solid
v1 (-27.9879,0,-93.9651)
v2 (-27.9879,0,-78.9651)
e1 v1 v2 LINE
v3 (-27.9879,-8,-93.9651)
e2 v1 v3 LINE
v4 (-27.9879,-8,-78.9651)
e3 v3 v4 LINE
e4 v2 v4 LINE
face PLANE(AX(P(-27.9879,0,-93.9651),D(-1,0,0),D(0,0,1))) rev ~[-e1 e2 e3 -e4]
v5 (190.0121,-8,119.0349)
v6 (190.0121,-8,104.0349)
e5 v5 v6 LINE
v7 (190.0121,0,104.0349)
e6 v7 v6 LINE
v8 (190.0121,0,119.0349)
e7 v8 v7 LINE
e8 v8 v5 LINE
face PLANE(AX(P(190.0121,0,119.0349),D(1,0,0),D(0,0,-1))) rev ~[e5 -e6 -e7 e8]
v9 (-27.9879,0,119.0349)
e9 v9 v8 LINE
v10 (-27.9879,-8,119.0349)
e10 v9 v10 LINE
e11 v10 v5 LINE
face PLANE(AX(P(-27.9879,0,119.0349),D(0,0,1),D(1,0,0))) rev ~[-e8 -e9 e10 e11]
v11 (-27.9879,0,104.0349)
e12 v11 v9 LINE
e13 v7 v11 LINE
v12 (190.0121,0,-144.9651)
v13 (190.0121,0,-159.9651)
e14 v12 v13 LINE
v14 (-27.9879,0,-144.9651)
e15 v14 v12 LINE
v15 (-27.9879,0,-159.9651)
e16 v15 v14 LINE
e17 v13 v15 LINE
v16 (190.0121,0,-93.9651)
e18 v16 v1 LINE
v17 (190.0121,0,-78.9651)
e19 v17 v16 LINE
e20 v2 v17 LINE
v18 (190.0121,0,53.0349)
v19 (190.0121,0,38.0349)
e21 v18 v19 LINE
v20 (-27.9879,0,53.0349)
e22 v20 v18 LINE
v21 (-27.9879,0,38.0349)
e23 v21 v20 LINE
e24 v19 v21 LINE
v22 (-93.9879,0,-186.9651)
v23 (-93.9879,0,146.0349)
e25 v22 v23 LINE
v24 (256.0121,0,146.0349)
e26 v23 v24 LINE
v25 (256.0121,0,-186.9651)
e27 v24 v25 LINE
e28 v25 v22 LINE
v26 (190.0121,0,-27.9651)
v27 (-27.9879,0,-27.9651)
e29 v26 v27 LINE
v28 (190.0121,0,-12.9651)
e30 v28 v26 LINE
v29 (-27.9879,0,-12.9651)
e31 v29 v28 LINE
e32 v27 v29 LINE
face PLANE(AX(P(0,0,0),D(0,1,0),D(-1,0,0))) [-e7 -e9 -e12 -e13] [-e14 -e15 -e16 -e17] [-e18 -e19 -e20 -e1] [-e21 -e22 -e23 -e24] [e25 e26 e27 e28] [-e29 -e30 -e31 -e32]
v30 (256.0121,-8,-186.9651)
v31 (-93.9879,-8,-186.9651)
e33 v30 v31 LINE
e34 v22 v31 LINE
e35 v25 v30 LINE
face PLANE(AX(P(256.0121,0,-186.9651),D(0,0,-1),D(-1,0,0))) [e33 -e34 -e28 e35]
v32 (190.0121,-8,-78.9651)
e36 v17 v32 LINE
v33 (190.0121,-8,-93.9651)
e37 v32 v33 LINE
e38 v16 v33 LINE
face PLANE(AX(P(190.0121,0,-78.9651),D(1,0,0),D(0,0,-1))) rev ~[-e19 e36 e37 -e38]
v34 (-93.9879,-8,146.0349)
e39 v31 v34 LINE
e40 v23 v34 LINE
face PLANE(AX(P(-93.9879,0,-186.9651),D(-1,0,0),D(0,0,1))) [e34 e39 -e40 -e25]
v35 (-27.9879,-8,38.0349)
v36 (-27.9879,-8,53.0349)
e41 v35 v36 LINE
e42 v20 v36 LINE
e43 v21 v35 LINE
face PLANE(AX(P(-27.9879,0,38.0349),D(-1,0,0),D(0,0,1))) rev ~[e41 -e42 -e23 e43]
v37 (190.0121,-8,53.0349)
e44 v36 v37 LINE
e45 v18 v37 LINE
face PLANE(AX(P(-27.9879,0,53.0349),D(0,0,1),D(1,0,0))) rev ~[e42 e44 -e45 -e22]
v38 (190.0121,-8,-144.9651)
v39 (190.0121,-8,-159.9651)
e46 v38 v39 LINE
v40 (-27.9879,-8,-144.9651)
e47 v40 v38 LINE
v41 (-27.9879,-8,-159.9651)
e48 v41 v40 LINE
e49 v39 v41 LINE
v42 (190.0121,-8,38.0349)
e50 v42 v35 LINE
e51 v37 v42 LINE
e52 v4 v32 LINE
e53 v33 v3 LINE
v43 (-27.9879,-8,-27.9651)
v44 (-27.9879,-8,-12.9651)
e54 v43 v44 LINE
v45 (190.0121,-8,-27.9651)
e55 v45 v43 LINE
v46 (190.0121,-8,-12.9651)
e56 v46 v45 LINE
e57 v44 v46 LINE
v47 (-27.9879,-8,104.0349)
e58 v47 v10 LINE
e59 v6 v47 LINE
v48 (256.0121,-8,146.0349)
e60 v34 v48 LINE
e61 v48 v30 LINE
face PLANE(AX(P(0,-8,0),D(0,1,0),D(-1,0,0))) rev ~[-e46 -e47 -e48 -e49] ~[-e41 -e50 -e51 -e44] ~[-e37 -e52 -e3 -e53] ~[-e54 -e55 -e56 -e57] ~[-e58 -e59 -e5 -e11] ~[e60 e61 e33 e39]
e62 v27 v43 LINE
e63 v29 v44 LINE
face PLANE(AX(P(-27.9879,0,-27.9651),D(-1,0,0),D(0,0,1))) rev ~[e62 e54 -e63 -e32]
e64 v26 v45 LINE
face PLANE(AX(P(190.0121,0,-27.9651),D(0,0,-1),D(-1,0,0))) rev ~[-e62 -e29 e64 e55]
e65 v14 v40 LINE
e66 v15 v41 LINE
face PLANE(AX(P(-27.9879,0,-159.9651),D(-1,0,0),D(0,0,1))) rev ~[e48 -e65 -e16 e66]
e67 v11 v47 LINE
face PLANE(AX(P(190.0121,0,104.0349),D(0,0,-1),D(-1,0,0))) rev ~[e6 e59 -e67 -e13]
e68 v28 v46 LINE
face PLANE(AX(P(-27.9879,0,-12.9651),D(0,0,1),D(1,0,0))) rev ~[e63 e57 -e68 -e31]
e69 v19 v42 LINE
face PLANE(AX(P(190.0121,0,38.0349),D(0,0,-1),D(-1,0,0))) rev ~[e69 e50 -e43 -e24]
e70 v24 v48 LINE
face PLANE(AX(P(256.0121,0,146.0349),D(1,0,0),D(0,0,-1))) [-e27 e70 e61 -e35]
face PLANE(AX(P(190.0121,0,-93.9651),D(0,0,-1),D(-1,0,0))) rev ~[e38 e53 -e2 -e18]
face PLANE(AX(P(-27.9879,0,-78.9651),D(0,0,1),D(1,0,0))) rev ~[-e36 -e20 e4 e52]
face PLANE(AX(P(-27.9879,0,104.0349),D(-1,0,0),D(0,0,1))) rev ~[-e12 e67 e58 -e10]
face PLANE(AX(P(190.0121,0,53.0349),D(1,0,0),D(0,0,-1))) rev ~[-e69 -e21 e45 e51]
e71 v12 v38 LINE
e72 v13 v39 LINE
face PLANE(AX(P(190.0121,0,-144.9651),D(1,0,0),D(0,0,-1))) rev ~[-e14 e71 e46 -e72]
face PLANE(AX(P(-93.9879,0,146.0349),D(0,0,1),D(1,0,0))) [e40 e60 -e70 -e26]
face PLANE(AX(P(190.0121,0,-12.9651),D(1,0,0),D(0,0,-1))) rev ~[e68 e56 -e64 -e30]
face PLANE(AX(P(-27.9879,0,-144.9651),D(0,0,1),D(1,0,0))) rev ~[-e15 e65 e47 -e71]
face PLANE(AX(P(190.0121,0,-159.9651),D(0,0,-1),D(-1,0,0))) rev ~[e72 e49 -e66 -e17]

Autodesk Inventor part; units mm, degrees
ref_plane "YZ Plane" through (0, 0, 0) normal (1, 0, 0) x (0, 1, 0)
ref_plane "XZ Plane" through (0, 0, 0) normal (0, 1, 0) x (-1, 0, 0)
ref_plane "XY Plane" through (0, 0, 0) normal (0, 0, 1) x (1, 0, 0)
sketch "Sketch1" plane through (0, 0, 0) normal (0, 1, 0) x (-1, 0, 0)
  line L0 (93.9879, 146.0349) -> (-256.0121, 146.0349)
  line L1 (-256.0121, 146.0349) -> (-256.0121, -186.9651)
  line L2 (-256.0121, -186.9651) -> (93.9879, -186.9651)
  line L3 (93.9879, -186.9651) -> (93.9879, 146.0349)
  line L4 (27.9879, 119.0349) -> (-190.0121, 119.0349)
  line L5 (-190.0121, 119.0349) -> (-190.0121, 104.0349)
  line L6 (-190.0121, 104.0349) -> (27.9879, 104.0349)
  line L7 (27.9879, 104.0349) -> (27.9879, 119.0349)
  line L8 (27.9879, 53.0349) -> (-190.0121, 53.0349)
  line L9 (-190.0121, 53.0349) -> (-190.0121, 38.0349)
  line L10 (-190.0121, 38.0349) -> (27.9879, 38.0349)
  line L11 (27.9879, 38.0349) -> (27.9879, 53.0349)
  line L12 (27.9879, -12.9651) -> (-190.0121, -12.9651)
  line L13 (-190.0121, -12.9651) -> (-190.0121, -27.9651)
  line L14 (-190.0121, -27.9651) -> (27.9879, -27.9651)
  line L15 (27.9879, -27.9651) -> (27.9879, -12.9651)
  line L16 (27.9879, -78.9651) -> (-190.0121, -78.9651)
  line L17 (-190.0121, -78.9651) -> (-190.0121, -93.9651)
  line L18 (-190.0121, -93.9651) -> (27.9879, -93.9651)
  line L19 (27.9879, -93.9651) -> (27.9879, -78.9651)
  line L20 (27.9879, -144.9651) -> (-190.0121, -144.9651)
  line L21 (-190.0121, -144.9651) -> (-190.0121, -159.9651)
  line L22 (-190.0121, -159.9651) -> (27.9879, -159.9651)
  line L23 (27.9879, -159.9651) -> (27.9879, -144.9651)
  point P0 (0, 0)
  dimension "d0" = 333
  dimension "d1" = 350
  dimension "d2" = 66
  dimension "d6" = 51
  dimension "d7" = 51
  dimension "d8" = 51
  dimension "d9" = 15
  dimension "d10" = 15
  dimension "d11" = 15
  dimension "d12" = 15
  dimension "d13" = 27
  dimension "d16" = 51
  dimension "d17" = 15
extrude "Extrusion3" add sketch "Sketch1" against normal blind 8
properties part number "middle_part_ferrite"
